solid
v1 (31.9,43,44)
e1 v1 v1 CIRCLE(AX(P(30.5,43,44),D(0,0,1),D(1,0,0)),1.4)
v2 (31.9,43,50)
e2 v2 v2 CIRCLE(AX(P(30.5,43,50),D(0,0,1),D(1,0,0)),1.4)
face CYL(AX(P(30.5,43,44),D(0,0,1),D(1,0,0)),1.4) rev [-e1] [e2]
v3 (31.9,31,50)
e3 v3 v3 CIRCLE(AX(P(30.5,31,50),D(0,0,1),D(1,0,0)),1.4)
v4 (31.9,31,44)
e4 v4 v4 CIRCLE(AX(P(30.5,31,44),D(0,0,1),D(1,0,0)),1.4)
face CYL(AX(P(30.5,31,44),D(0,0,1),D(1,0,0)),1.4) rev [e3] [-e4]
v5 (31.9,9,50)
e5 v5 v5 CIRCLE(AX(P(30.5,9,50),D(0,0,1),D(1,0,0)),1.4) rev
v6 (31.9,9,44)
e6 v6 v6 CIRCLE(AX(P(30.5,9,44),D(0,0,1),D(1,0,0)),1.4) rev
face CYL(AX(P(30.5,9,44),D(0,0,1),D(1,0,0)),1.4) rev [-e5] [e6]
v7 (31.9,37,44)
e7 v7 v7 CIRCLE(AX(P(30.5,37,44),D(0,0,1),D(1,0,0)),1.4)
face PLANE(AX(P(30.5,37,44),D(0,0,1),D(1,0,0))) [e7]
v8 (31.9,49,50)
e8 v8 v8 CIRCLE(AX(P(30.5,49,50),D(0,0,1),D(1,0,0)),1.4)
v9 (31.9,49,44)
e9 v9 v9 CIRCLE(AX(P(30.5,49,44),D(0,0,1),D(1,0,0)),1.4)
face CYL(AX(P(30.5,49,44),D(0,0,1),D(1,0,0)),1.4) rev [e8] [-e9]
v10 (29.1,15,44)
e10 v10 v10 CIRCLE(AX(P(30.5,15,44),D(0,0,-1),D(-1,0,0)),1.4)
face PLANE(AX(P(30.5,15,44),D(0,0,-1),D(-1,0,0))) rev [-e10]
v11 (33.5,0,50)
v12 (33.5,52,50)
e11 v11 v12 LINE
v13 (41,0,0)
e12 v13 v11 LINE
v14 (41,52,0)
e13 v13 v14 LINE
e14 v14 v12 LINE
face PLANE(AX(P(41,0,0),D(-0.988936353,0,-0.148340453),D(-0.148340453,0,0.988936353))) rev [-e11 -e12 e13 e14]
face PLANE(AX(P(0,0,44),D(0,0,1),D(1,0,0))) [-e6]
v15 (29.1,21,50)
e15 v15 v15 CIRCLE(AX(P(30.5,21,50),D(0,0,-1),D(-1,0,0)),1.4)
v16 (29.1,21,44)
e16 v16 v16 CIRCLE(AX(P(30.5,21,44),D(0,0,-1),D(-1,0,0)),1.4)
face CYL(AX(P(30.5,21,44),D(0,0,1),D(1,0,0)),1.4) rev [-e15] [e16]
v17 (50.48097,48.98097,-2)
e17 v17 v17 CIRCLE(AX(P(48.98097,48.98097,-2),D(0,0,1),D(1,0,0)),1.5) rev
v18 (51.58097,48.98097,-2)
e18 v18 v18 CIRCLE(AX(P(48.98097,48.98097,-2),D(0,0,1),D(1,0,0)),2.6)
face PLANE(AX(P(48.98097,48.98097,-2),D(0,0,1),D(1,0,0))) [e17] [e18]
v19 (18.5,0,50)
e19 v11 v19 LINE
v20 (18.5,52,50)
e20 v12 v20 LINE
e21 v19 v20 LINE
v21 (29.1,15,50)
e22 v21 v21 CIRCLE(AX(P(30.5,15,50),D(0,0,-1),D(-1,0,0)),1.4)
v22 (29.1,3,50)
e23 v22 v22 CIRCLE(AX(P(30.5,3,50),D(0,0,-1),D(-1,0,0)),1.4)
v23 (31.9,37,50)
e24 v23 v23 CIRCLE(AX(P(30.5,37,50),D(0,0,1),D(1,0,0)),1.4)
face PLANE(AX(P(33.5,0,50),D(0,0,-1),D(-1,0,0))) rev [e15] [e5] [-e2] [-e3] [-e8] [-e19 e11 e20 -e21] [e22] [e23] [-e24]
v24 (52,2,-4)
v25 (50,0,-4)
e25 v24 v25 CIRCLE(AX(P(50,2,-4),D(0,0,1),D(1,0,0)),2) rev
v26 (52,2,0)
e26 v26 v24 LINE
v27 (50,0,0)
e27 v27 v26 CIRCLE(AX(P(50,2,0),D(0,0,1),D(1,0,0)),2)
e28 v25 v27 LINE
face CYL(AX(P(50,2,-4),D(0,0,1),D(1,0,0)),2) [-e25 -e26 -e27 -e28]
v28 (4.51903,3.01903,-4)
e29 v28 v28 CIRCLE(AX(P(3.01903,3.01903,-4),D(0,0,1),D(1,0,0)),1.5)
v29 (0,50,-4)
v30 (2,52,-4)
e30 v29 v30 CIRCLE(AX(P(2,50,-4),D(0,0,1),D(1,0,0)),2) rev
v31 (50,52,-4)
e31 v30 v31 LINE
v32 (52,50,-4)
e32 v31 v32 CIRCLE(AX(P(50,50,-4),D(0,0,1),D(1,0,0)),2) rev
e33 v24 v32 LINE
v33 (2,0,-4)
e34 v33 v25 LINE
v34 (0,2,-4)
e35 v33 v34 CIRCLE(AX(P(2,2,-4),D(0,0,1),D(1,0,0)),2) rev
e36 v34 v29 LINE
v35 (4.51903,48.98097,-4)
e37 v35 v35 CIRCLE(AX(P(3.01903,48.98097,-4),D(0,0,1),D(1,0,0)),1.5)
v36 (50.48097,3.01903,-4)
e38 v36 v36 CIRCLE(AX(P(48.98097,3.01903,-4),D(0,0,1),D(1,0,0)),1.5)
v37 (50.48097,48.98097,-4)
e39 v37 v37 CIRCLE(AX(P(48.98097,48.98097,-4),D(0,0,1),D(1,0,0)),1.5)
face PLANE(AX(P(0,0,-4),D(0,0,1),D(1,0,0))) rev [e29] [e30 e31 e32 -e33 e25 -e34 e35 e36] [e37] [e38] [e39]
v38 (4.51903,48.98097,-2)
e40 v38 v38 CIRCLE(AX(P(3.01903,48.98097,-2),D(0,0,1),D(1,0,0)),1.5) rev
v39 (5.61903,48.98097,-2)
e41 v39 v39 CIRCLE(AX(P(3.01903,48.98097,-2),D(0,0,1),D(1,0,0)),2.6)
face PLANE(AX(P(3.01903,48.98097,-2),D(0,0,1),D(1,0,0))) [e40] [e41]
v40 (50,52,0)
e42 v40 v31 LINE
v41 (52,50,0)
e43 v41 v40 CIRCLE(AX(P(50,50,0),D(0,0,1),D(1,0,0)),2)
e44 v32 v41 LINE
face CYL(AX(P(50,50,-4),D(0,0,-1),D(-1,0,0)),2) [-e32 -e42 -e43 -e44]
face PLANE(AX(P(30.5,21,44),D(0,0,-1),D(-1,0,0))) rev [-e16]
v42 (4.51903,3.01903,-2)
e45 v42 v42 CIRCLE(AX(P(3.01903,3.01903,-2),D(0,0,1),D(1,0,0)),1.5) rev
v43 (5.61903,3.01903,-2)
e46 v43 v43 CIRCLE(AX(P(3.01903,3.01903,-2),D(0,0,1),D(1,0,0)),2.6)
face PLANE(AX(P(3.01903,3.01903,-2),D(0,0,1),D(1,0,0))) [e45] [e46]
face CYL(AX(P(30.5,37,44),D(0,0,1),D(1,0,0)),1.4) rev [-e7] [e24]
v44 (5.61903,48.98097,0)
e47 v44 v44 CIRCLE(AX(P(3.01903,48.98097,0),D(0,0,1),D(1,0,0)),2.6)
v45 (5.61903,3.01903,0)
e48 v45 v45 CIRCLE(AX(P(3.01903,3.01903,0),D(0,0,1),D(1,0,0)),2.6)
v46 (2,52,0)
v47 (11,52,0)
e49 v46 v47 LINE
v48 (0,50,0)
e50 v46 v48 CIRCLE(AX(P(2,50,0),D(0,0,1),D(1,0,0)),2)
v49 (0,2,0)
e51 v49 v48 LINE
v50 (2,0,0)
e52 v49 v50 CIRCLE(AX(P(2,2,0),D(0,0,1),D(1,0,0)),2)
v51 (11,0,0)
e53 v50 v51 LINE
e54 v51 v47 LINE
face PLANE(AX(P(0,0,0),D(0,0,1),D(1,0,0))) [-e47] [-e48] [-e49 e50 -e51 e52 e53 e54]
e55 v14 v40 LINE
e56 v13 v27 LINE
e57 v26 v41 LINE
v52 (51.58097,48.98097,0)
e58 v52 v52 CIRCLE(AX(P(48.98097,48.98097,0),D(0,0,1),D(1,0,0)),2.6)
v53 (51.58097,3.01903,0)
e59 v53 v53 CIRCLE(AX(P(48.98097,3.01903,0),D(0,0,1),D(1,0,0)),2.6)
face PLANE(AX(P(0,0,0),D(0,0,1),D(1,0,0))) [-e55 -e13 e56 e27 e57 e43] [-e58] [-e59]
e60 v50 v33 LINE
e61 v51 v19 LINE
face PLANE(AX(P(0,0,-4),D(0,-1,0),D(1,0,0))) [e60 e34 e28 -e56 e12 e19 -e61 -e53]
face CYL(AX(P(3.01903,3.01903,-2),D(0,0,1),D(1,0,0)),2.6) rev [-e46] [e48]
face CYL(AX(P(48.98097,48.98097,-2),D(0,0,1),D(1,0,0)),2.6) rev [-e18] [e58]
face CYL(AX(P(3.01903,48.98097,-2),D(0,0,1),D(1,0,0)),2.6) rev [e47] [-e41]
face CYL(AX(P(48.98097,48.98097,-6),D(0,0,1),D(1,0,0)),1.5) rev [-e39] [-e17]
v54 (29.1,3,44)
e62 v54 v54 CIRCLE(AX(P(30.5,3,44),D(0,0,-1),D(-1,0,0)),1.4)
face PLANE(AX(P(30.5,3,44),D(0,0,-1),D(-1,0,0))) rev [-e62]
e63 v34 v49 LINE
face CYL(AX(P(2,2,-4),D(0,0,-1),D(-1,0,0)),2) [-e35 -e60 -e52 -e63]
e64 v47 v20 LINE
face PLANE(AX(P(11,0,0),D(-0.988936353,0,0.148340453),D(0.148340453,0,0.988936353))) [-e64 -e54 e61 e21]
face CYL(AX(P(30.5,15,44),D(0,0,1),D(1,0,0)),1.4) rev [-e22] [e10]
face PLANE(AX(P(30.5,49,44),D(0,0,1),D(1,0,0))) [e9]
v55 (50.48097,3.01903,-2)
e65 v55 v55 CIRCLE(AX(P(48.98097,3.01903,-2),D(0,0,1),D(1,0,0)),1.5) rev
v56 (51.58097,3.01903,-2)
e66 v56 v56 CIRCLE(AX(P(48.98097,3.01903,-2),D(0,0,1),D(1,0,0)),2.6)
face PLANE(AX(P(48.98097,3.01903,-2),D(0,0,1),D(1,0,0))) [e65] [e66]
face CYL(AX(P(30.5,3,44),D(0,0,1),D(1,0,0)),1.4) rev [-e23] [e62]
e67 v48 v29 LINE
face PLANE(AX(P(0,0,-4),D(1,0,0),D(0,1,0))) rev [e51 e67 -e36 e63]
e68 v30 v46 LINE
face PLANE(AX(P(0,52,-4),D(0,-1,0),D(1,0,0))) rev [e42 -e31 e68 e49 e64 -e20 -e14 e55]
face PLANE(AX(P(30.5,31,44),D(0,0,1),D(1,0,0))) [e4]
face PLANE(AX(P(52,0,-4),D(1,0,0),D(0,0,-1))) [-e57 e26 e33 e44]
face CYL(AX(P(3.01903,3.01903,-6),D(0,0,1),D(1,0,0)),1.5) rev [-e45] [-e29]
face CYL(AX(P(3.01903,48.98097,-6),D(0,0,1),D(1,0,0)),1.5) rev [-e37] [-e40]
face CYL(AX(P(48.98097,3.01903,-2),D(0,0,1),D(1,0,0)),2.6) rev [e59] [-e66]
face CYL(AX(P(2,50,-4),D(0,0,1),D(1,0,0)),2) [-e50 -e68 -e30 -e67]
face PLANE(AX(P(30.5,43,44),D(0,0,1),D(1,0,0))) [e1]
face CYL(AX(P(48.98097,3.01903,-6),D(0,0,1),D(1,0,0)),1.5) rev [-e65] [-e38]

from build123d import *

# Parameters (mm, degrees)
SKETCH1_W           = 52
SKETCH1_H           = 52
BOSS_EXTRUDE1_DEPTH = 4
BOSS_EXTRUDE2_DEPTH = 52
SKETCH5_R           = 1.4
CUT_EXTRUDE4_DEPTH  = 6
SKETCH6_R           = 1.5
CUT_EXTRUDE5_DEPTH  = 6
SKETCH7_R           = 2.6
CUT_EXTRUDE6_DEPTH  = 2
FILLET1_R           = 2


with BuildPart() as part:
    # Sketch1 → Boss-Extrude1 (new body)
    with BuildSketch(Plane.XY):
        with Locations((26, 26)):
            Rectangle(SKETCH1_W, SKETCH1_H)
    extrude(amount=-BOSS_EXTRUDE1_DEPTH)

    # Sketch4 → Boss-Extrude2 (add)
    with BuildSketch(Plane(origin=(0, 52, 0), x_dir=(1, 0, 0), z_dir=(0, 1, 0))):
        Polygon((11, 0), (41, 0), (33.5, -50), (18.5, -50), align=None)
    extrude(amount=-BOSS_EXTRUDE2_DEPTH)

    # Sketch5 → Cut-Extrude4 (cut)
    with BuildSketch(Plane.XY.offset(50)):
        with Locations((30.5, 9)):
            Circle(SKETCH5_R)
        with Locations(Location((30.5, 3, 0), (0, 0, 180))):
            Circle(SKETCH5_R)
        with Locations(Location((30.5, 15, 0), (0, 0, 180))):
            Circle(SKETCH5_R)
        with Locations(Location((30.5, 21, 0), (0, 0, 180))):
            Circle(SKETCH5_R)
        with Locations((30.5, 31)):
            Circle(SKETCH5_R)
        with Locations((30.5, 37)):
            Circle(SKETCH5_R)
        with Locations((30.5, 43)):
            Circle(SKETCH5_R)
        with Locations((30.5, 49)):
            Circle(SKETCH5_R)
    extrude(amount=-CUT_EXTRUDE4_DEPTH, mode=Mode.SUBTRACT)

    # Sketch6 → Cut-Extrude5 (cut)
    with BuildSketch(Plane.XY):
        with Locations((48.980970389, 48.980970389)):
            Circle(SKETCH6_R)
        with Locations((48.980970389, 3.019029611)):
            Circle(SKETCH6_R)
        with Locations((3.019029611, 3.019029611)):
            Circle(SKETCH6_R)
        with Locations((3.019029611, 48.980970389)):
            Circle(SKETCH6_R)
    extrude(amount=-CUT_EXTRUDE5_DEPTH, mode=Mode.SUBTRACT)

    # Sketch7 → Cut-Extrude6 (cut)
    with BuildSketch(Plane.XY):
        with Locations((48.980970389, 48.980970389)):
            Circle(SKETCH7_R)
        with Locations((3.019029611, 48.980970389)):
            Circle(SKETCH7_R)
        with Locations((3.019029611, 3.019029611)):
            Circle(SKETCH7_R)
        with Locations((48.980970389, 3.019029611)):
            Circle(SKETCH7_R)
    extrude(amount=-CUT_EXTRUDE6_DEPTH, mode=Mode.SUBTRACT)

    # Fillet1
    fillet1_edges = [part.edges().sort_by_distance(p)[0] for p in [
        (0, 0, -2),
        (0, 52, -2),
        (52, 52, -2),
        (52, 0, -2),
    ]]
    fillet(fillet1_edges, radius=FILLET1_R)


solid = part.part
